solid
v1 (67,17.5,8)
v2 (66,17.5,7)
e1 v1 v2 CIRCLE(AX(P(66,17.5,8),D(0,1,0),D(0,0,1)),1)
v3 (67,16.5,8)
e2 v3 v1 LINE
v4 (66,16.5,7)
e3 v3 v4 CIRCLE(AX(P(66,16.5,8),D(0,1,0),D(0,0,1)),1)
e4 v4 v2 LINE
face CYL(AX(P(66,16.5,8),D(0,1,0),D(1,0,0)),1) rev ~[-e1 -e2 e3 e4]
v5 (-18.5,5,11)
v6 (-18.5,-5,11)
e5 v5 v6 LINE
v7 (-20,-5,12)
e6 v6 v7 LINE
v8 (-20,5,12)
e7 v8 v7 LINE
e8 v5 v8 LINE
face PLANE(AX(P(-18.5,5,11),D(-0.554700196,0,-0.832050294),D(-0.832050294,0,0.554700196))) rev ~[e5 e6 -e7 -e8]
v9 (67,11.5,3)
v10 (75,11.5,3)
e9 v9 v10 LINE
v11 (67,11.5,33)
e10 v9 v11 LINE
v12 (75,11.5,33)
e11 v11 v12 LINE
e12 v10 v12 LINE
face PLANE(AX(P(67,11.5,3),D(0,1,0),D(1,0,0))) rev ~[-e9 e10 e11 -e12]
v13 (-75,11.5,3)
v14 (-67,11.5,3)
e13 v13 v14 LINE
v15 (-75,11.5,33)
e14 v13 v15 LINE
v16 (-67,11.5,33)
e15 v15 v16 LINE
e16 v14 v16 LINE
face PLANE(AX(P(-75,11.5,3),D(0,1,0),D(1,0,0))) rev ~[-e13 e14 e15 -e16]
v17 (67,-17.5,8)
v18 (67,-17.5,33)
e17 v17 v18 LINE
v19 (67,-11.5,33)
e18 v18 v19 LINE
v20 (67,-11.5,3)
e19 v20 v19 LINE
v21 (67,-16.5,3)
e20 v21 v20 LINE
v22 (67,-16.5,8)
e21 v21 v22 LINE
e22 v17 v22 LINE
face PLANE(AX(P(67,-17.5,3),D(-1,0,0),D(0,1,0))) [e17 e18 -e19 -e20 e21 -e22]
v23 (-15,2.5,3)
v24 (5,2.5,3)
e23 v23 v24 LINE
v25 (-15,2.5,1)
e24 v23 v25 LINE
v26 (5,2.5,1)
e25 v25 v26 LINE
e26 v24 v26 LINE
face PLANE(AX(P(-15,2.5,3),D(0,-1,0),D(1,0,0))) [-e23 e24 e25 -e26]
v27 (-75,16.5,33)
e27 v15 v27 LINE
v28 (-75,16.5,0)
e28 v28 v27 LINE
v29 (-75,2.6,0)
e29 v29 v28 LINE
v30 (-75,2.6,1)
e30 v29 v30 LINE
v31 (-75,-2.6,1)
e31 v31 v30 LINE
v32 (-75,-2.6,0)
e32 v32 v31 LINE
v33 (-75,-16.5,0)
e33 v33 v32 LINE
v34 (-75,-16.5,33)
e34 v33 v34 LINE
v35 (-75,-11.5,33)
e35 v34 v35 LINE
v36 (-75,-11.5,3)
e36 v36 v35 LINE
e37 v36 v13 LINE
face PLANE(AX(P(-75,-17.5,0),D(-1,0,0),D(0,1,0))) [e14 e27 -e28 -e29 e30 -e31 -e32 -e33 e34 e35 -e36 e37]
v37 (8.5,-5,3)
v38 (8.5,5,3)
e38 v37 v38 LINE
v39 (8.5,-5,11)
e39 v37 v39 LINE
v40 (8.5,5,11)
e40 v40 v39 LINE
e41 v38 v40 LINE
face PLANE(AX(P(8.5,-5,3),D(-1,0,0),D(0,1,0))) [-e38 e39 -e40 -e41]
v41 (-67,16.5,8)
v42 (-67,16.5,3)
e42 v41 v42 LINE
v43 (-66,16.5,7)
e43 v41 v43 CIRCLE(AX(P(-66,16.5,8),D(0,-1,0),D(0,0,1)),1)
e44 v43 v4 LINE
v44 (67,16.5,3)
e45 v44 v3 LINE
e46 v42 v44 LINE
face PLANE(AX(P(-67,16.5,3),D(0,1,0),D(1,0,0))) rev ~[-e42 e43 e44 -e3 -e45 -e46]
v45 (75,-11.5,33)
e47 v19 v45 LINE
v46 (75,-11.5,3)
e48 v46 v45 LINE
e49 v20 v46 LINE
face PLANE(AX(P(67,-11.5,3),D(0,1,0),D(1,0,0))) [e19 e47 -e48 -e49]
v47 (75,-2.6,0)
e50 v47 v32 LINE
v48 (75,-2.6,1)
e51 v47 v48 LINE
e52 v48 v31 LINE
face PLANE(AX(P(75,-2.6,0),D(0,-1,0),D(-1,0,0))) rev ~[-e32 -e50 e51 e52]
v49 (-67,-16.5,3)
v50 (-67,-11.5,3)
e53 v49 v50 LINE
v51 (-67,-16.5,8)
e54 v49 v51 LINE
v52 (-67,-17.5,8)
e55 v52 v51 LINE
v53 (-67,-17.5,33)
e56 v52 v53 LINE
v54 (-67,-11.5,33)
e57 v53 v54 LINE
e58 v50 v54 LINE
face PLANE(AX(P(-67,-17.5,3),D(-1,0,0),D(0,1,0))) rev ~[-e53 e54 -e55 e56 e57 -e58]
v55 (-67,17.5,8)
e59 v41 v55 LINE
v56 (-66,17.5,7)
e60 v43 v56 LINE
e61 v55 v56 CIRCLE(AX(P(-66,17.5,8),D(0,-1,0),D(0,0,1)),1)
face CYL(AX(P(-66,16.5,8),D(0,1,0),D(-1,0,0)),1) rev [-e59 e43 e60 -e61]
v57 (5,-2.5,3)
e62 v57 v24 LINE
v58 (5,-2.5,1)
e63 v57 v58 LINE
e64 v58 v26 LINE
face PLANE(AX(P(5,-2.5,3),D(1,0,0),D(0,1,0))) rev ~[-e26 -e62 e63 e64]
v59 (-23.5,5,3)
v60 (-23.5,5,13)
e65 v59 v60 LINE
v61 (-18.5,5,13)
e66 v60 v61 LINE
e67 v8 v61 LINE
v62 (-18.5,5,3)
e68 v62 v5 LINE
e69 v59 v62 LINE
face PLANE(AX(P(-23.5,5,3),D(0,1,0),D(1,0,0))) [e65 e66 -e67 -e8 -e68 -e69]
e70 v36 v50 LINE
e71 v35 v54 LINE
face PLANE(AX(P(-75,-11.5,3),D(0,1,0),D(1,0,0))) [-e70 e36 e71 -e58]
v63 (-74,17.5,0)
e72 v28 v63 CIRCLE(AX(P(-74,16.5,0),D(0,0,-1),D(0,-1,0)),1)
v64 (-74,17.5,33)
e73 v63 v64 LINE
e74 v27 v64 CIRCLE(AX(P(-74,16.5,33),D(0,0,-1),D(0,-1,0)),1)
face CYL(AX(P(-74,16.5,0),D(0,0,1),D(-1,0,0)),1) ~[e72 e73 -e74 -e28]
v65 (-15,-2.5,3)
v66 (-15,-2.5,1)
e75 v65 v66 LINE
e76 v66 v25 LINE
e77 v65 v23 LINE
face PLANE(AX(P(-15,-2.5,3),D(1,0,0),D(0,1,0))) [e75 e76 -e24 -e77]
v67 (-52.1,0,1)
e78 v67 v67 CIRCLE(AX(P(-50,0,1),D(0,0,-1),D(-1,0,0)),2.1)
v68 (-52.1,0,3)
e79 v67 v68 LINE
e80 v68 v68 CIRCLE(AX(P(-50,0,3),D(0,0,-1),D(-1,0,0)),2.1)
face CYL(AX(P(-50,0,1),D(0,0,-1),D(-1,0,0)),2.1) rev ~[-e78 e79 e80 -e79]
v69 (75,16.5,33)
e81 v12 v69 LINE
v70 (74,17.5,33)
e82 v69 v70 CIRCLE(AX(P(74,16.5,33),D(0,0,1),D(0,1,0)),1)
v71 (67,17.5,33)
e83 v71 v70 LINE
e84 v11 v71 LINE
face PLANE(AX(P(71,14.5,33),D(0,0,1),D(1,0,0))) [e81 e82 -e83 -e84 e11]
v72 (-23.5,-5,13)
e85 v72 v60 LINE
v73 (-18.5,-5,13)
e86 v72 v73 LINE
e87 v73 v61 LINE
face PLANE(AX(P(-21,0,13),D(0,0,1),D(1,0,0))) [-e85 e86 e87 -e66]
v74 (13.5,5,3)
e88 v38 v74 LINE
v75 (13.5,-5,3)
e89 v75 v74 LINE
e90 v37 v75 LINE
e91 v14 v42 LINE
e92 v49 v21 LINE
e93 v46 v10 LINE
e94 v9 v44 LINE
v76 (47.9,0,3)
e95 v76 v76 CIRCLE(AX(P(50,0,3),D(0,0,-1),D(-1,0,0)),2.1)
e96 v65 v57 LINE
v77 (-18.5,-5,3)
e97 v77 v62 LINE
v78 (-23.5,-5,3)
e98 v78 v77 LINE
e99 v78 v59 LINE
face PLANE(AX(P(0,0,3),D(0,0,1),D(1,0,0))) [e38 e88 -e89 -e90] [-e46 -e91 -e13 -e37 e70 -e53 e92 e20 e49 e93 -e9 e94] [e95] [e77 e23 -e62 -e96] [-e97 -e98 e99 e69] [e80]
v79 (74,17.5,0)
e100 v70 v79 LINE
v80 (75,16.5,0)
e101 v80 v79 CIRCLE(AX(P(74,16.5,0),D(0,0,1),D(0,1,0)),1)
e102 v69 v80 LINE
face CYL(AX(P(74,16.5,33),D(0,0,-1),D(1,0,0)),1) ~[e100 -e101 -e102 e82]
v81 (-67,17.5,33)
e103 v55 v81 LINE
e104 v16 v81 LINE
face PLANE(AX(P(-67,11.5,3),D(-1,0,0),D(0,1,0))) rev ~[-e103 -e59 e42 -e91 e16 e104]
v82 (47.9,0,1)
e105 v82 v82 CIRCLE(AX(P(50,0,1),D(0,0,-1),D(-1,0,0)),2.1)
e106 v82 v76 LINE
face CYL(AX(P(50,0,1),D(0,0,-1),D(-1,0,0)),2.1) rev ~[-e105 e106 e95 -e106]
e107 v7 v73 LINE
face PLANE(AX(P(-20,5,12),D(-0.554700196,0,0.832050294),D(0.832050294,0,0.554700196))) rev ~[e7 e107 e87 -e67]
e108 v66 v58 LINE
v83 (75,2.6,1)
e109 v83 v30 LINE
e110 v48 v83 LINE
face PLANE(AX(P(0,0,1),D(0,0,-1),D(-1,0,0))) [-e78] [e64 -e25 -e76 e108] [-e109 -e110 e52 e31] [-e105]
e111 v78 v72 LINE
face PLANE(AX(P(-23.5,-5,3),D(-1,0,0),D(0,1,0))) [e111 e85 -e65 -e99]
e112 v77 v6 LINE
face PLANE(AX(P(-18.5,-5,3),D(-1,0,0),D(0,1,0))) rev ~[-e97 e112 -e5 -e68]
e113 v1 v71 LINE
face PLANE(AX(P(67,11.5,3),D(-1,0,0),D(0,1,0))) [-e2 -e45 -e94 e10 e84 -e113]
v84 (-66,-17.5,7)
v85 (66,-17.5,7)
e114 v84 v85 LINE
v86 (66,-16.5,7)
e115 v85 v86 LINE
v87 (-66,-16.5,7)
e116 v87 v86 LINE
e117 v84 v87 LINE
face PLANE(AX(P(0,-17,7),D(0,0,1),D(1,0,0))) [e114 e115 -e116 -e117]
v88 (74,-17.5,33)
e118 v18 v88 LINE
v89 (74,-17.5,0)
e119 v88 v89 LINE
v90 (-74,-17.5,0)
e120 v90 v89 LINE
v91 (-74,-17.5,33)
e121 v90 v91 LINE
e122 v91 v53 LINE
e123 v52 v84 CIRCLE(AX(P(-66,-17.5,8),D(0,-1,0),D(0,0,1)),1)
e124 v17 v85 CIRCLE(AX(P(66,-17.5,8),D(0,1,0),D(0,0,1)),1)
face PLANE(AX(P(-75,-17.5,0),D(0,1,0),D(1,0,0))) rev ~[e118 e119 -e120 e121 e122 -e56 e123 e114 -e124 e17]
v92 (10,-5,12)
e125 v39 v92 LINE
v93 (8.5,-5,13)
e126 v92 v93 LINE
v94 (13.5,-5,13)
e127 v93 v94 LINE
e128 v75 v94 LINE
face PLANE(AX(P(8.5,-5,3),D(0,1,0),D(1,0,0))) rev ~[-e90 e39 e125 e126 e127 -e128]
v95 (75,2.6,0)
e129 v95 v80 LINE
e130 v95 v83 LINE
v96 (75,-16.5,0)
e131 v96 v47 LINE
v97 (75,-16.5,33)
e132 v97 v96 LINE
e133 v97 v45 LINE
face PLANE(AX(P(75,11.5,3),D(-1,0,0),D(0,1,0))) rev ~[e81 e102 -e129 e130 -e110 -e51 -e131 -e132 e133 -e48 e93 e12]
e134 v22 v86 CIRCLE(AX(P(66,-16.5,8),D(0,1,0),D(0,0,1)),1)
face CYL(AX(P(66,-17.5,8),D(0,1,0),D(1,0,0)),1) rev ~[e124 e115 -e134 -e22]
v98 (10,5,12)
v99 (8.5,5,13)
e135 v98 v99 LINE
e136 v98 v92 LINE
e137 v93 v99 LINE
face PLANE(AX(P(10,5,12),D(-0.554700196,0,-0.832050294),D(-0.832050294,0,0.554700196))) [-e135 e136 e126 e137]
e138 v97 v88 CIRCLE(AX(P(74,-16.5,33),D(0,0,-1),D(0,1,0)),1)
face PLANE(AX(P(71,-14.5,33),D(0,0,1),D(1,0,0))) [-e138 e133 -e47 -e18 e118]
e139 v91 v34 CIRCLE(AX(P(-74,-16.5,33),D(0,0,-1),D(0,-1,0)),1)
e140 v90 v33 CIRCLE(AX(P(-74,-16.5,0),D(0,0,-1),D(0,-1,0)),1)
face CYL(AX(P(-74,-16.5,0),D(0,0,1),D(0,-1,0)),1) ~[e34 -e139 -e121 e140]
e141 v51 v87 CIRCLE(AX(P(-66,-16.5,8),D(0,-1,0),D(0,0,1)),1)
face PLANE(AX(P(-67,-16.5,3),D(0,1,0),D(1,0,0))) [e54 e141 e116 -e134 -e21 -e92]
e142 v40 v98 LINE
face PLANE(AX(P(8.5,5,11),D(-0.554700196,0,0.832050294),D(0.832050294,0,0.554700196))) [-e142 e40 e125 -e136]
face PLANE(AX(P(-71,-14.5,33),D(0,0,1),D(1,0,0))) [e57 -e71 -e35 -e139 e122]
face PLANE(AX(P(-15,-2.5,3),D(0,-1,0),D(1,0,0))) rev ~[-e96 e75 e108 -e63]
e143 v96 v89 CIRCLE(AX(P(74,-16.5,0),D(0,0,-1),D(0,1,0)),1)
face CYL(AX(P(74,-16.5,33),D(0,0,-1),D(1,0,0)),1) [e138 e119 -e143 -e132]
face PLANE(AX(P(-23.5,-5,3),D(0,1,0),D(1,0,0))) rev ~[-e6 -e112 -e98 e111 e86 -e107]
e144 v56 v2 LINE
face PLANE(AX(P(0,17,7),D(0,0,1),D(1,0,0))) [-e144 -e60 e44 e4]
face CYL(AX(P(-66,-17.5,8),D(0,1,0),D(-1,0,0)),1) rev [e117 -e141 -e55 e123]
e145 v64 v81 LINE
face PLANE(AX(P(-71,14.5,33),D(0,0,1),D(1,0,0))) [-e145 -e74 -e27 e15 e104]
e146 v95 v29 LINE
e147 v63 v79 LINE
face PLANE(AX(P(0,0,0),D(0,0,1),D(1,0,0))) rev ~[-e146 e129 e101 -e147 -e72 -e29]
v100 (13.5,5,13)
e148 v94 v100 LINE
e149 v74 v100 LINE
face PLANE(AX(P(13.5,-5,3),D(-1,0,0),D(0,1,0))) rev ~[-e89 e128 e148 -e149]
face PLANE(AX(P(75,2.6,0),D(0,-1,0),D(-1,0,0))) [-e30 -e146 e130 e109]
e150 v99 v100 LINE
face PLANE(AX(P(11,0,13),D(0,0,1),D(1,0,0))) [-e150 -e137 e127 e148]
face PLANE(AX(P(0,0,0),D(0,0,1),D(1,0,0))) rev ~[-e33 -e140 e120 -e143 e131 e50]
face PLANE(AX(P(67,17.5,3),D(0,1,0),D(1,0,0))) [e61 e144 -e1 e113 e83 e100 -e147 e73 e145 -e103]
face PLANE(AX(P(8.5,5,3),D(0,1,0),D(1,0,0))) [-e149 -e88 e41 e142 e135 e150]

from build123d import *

# Parameters (mm, degrees)
SKICA1_W                 = 150
SKICA1_H                 = 35
P_IDAT_VYSUNUT_M2_DEPTH  = 3
SKICA4_W                 = 20
SKICA4_H                 = 5
ODEBRAT_VYSUNUT_M1_DEPTH = 2
SKICA5_W                 = 150
SKICA5_H                 = 5.2
ODEBRAT_VYSUNUT_M3_DEPTH = 1
SKICA7_R                 = 2.1
ODEBRAT_VYSUNUT_M4_DEPTH = 3
SKICA8_W                 = 8
SKICA8_H                 = 6
P_IDAT_VYSUNUT_M4_DEPTH  = 30
ZAOBLIT1_R               = 1
SKICA9_W                 = 134
SKICA9_H                 = 1
P_IDAT_VYSUNUT_M5_DEPTH  = 4
ZAOBLIT2_R               = 1
SKICA10_W                = 5
SKICA10_H                = 10
P_IDAT_VYSUNUT_M6_DEPTH  = 10
ODEBRAT_VYSUNUT_M6_DEPTH = 10


with BuildPart() as part:
    # Skica1 → Přidat vysunutím2 (new body)
    with BuildSketch(Plane.XY):
        Rectangle(SKICA1_W, SKICA1_H)
    extrude(amount=P_IDAT_VYSUNUT_M2_DEPTH)

    # Skica4 → Odebrat vysunutím1 (cut)
    with BuildSketch(Plane.XY.offset(3)):
        with Locations((-5, 0)):
            Rectangle(SKICA4_W, SKICA4_H)
    extrude(amount=-ODEBRAT_VYSUNUT_M1_DEPTH, mode=Mode.SUBTRACT)

    # Skica5 → Odebrat vysunutím3 (cut)
    with BuildSketch(Plane(origin=(0, 0, 0), x_dir=(-1, 0, 0), z_dir=(0, 0, -1))):
        Rectangle(SKICA5_W, SKICA5_H)
    extrude(amount=-ODEBRAT_VYSUNUT_M3_DEPTH, mode=Mode.SUBTRACT)

    # Skica7 → Odebrat vysunutím4 (cut, through all)
    with BuildSketch(Plane(origin=(0, 0, 1), x_dir=(-1, 0, 0), z_dir=(0, 0, -1))):
        with Locations((-50, 0)):
            Circle(SKICA7_R)
        with Locations((50, 0)):
            Circle(SKICA7_R)
    extrude(amount=-ODEBRAT_VYSUNUT_M4_DEPTH, mode=Mode.SUBTRACT)

    # Skica8 → Přidat vysunutím4 (add)
    with BuildSketch(Plane.XY.offset(3)):
        with Locations((71, 14.5)):
            Rectangle(SKICA8_W, SKICA8_H)
        with Locations((71, -14.5)):
            Rectangle(SKICA8_W, SKICA8_H)
        with Locations((-71, -14.5)):
            Rectangle(SKICA8_W, SKICA8_H)
        with Locations((-71, 14.5)):
            Rectangle(SKICA8_W, SKICA8_H)
    extrude(amount=P_IDAT_VYSUNUT_M4_DEPTH)

    # Zaoblit1
    zaoblit1_edges = [part.edges().sort_by_distance(p)[0] for p in [
        (75, -17.5, 16.5),
        (75, 17.5, 16.5),
        (-75, 17.5, 16.5),
        (-75, -17.5, 16.5),
    ]]
    fillet(zaoblit1_edges, radius=ZAOBLIT1_R)

    # Skica9 → Přidat vysunutím5 (add)
    with BuildSketch(Plane.XY.offset(3)):
        with Locations((0, 17)):
            Rectangle(SKICA9_W, SKICA9_H)
        with Locations((0, -17)):
            Rectangle(SKICA9_W, SKICA9_H)
    extrude(amount=P_IDAT_VYSUNUT_M5_DEPTH)

    # Zaoblit2
    zaoblit2_edges = [part.edges().sort_by_distance(p)[0] for p in [
        (67, 17, 7),
        (-67, 17, 7),
        (-67, -17, 7),
        (67, -17, 7),
    ]]
    fillet(zaoblit2_edges, radius=ZAOBLIT2_R)

    # Skica10 → Přidat vysunutím6 (add)
    with BuildSketch(Plane.XY.offset(3)):
        with Locations((-21, 0)):
            Rectangle(SKICA10_W, SKICA10_H)
        with Locations((11, 0)):
            Rectangle(SKICA10_W, SKICA10_H)
    extrude(amount=P_IDAT_VYSUNUT_M6_DEPTH)

    # Skica12 → Odebrat vysunutím6 (cut)
    with BuildSketch(Plane(origin=(0, 5, 0), x_dir=(1, 0, 0), z_dir=(0, 1, 0))):
        Polygon((-18.5, -13), (-18.5, -11), (-20, -12), align=None)
        Polygon((8.5, -13), (8.5, -11), (10, -12), align=None)
    extrude(amount=-ODEBRAT_VYSUNUT_M6_DEPTH, mode=Mode.SUBTRACT)


solid = part.part
